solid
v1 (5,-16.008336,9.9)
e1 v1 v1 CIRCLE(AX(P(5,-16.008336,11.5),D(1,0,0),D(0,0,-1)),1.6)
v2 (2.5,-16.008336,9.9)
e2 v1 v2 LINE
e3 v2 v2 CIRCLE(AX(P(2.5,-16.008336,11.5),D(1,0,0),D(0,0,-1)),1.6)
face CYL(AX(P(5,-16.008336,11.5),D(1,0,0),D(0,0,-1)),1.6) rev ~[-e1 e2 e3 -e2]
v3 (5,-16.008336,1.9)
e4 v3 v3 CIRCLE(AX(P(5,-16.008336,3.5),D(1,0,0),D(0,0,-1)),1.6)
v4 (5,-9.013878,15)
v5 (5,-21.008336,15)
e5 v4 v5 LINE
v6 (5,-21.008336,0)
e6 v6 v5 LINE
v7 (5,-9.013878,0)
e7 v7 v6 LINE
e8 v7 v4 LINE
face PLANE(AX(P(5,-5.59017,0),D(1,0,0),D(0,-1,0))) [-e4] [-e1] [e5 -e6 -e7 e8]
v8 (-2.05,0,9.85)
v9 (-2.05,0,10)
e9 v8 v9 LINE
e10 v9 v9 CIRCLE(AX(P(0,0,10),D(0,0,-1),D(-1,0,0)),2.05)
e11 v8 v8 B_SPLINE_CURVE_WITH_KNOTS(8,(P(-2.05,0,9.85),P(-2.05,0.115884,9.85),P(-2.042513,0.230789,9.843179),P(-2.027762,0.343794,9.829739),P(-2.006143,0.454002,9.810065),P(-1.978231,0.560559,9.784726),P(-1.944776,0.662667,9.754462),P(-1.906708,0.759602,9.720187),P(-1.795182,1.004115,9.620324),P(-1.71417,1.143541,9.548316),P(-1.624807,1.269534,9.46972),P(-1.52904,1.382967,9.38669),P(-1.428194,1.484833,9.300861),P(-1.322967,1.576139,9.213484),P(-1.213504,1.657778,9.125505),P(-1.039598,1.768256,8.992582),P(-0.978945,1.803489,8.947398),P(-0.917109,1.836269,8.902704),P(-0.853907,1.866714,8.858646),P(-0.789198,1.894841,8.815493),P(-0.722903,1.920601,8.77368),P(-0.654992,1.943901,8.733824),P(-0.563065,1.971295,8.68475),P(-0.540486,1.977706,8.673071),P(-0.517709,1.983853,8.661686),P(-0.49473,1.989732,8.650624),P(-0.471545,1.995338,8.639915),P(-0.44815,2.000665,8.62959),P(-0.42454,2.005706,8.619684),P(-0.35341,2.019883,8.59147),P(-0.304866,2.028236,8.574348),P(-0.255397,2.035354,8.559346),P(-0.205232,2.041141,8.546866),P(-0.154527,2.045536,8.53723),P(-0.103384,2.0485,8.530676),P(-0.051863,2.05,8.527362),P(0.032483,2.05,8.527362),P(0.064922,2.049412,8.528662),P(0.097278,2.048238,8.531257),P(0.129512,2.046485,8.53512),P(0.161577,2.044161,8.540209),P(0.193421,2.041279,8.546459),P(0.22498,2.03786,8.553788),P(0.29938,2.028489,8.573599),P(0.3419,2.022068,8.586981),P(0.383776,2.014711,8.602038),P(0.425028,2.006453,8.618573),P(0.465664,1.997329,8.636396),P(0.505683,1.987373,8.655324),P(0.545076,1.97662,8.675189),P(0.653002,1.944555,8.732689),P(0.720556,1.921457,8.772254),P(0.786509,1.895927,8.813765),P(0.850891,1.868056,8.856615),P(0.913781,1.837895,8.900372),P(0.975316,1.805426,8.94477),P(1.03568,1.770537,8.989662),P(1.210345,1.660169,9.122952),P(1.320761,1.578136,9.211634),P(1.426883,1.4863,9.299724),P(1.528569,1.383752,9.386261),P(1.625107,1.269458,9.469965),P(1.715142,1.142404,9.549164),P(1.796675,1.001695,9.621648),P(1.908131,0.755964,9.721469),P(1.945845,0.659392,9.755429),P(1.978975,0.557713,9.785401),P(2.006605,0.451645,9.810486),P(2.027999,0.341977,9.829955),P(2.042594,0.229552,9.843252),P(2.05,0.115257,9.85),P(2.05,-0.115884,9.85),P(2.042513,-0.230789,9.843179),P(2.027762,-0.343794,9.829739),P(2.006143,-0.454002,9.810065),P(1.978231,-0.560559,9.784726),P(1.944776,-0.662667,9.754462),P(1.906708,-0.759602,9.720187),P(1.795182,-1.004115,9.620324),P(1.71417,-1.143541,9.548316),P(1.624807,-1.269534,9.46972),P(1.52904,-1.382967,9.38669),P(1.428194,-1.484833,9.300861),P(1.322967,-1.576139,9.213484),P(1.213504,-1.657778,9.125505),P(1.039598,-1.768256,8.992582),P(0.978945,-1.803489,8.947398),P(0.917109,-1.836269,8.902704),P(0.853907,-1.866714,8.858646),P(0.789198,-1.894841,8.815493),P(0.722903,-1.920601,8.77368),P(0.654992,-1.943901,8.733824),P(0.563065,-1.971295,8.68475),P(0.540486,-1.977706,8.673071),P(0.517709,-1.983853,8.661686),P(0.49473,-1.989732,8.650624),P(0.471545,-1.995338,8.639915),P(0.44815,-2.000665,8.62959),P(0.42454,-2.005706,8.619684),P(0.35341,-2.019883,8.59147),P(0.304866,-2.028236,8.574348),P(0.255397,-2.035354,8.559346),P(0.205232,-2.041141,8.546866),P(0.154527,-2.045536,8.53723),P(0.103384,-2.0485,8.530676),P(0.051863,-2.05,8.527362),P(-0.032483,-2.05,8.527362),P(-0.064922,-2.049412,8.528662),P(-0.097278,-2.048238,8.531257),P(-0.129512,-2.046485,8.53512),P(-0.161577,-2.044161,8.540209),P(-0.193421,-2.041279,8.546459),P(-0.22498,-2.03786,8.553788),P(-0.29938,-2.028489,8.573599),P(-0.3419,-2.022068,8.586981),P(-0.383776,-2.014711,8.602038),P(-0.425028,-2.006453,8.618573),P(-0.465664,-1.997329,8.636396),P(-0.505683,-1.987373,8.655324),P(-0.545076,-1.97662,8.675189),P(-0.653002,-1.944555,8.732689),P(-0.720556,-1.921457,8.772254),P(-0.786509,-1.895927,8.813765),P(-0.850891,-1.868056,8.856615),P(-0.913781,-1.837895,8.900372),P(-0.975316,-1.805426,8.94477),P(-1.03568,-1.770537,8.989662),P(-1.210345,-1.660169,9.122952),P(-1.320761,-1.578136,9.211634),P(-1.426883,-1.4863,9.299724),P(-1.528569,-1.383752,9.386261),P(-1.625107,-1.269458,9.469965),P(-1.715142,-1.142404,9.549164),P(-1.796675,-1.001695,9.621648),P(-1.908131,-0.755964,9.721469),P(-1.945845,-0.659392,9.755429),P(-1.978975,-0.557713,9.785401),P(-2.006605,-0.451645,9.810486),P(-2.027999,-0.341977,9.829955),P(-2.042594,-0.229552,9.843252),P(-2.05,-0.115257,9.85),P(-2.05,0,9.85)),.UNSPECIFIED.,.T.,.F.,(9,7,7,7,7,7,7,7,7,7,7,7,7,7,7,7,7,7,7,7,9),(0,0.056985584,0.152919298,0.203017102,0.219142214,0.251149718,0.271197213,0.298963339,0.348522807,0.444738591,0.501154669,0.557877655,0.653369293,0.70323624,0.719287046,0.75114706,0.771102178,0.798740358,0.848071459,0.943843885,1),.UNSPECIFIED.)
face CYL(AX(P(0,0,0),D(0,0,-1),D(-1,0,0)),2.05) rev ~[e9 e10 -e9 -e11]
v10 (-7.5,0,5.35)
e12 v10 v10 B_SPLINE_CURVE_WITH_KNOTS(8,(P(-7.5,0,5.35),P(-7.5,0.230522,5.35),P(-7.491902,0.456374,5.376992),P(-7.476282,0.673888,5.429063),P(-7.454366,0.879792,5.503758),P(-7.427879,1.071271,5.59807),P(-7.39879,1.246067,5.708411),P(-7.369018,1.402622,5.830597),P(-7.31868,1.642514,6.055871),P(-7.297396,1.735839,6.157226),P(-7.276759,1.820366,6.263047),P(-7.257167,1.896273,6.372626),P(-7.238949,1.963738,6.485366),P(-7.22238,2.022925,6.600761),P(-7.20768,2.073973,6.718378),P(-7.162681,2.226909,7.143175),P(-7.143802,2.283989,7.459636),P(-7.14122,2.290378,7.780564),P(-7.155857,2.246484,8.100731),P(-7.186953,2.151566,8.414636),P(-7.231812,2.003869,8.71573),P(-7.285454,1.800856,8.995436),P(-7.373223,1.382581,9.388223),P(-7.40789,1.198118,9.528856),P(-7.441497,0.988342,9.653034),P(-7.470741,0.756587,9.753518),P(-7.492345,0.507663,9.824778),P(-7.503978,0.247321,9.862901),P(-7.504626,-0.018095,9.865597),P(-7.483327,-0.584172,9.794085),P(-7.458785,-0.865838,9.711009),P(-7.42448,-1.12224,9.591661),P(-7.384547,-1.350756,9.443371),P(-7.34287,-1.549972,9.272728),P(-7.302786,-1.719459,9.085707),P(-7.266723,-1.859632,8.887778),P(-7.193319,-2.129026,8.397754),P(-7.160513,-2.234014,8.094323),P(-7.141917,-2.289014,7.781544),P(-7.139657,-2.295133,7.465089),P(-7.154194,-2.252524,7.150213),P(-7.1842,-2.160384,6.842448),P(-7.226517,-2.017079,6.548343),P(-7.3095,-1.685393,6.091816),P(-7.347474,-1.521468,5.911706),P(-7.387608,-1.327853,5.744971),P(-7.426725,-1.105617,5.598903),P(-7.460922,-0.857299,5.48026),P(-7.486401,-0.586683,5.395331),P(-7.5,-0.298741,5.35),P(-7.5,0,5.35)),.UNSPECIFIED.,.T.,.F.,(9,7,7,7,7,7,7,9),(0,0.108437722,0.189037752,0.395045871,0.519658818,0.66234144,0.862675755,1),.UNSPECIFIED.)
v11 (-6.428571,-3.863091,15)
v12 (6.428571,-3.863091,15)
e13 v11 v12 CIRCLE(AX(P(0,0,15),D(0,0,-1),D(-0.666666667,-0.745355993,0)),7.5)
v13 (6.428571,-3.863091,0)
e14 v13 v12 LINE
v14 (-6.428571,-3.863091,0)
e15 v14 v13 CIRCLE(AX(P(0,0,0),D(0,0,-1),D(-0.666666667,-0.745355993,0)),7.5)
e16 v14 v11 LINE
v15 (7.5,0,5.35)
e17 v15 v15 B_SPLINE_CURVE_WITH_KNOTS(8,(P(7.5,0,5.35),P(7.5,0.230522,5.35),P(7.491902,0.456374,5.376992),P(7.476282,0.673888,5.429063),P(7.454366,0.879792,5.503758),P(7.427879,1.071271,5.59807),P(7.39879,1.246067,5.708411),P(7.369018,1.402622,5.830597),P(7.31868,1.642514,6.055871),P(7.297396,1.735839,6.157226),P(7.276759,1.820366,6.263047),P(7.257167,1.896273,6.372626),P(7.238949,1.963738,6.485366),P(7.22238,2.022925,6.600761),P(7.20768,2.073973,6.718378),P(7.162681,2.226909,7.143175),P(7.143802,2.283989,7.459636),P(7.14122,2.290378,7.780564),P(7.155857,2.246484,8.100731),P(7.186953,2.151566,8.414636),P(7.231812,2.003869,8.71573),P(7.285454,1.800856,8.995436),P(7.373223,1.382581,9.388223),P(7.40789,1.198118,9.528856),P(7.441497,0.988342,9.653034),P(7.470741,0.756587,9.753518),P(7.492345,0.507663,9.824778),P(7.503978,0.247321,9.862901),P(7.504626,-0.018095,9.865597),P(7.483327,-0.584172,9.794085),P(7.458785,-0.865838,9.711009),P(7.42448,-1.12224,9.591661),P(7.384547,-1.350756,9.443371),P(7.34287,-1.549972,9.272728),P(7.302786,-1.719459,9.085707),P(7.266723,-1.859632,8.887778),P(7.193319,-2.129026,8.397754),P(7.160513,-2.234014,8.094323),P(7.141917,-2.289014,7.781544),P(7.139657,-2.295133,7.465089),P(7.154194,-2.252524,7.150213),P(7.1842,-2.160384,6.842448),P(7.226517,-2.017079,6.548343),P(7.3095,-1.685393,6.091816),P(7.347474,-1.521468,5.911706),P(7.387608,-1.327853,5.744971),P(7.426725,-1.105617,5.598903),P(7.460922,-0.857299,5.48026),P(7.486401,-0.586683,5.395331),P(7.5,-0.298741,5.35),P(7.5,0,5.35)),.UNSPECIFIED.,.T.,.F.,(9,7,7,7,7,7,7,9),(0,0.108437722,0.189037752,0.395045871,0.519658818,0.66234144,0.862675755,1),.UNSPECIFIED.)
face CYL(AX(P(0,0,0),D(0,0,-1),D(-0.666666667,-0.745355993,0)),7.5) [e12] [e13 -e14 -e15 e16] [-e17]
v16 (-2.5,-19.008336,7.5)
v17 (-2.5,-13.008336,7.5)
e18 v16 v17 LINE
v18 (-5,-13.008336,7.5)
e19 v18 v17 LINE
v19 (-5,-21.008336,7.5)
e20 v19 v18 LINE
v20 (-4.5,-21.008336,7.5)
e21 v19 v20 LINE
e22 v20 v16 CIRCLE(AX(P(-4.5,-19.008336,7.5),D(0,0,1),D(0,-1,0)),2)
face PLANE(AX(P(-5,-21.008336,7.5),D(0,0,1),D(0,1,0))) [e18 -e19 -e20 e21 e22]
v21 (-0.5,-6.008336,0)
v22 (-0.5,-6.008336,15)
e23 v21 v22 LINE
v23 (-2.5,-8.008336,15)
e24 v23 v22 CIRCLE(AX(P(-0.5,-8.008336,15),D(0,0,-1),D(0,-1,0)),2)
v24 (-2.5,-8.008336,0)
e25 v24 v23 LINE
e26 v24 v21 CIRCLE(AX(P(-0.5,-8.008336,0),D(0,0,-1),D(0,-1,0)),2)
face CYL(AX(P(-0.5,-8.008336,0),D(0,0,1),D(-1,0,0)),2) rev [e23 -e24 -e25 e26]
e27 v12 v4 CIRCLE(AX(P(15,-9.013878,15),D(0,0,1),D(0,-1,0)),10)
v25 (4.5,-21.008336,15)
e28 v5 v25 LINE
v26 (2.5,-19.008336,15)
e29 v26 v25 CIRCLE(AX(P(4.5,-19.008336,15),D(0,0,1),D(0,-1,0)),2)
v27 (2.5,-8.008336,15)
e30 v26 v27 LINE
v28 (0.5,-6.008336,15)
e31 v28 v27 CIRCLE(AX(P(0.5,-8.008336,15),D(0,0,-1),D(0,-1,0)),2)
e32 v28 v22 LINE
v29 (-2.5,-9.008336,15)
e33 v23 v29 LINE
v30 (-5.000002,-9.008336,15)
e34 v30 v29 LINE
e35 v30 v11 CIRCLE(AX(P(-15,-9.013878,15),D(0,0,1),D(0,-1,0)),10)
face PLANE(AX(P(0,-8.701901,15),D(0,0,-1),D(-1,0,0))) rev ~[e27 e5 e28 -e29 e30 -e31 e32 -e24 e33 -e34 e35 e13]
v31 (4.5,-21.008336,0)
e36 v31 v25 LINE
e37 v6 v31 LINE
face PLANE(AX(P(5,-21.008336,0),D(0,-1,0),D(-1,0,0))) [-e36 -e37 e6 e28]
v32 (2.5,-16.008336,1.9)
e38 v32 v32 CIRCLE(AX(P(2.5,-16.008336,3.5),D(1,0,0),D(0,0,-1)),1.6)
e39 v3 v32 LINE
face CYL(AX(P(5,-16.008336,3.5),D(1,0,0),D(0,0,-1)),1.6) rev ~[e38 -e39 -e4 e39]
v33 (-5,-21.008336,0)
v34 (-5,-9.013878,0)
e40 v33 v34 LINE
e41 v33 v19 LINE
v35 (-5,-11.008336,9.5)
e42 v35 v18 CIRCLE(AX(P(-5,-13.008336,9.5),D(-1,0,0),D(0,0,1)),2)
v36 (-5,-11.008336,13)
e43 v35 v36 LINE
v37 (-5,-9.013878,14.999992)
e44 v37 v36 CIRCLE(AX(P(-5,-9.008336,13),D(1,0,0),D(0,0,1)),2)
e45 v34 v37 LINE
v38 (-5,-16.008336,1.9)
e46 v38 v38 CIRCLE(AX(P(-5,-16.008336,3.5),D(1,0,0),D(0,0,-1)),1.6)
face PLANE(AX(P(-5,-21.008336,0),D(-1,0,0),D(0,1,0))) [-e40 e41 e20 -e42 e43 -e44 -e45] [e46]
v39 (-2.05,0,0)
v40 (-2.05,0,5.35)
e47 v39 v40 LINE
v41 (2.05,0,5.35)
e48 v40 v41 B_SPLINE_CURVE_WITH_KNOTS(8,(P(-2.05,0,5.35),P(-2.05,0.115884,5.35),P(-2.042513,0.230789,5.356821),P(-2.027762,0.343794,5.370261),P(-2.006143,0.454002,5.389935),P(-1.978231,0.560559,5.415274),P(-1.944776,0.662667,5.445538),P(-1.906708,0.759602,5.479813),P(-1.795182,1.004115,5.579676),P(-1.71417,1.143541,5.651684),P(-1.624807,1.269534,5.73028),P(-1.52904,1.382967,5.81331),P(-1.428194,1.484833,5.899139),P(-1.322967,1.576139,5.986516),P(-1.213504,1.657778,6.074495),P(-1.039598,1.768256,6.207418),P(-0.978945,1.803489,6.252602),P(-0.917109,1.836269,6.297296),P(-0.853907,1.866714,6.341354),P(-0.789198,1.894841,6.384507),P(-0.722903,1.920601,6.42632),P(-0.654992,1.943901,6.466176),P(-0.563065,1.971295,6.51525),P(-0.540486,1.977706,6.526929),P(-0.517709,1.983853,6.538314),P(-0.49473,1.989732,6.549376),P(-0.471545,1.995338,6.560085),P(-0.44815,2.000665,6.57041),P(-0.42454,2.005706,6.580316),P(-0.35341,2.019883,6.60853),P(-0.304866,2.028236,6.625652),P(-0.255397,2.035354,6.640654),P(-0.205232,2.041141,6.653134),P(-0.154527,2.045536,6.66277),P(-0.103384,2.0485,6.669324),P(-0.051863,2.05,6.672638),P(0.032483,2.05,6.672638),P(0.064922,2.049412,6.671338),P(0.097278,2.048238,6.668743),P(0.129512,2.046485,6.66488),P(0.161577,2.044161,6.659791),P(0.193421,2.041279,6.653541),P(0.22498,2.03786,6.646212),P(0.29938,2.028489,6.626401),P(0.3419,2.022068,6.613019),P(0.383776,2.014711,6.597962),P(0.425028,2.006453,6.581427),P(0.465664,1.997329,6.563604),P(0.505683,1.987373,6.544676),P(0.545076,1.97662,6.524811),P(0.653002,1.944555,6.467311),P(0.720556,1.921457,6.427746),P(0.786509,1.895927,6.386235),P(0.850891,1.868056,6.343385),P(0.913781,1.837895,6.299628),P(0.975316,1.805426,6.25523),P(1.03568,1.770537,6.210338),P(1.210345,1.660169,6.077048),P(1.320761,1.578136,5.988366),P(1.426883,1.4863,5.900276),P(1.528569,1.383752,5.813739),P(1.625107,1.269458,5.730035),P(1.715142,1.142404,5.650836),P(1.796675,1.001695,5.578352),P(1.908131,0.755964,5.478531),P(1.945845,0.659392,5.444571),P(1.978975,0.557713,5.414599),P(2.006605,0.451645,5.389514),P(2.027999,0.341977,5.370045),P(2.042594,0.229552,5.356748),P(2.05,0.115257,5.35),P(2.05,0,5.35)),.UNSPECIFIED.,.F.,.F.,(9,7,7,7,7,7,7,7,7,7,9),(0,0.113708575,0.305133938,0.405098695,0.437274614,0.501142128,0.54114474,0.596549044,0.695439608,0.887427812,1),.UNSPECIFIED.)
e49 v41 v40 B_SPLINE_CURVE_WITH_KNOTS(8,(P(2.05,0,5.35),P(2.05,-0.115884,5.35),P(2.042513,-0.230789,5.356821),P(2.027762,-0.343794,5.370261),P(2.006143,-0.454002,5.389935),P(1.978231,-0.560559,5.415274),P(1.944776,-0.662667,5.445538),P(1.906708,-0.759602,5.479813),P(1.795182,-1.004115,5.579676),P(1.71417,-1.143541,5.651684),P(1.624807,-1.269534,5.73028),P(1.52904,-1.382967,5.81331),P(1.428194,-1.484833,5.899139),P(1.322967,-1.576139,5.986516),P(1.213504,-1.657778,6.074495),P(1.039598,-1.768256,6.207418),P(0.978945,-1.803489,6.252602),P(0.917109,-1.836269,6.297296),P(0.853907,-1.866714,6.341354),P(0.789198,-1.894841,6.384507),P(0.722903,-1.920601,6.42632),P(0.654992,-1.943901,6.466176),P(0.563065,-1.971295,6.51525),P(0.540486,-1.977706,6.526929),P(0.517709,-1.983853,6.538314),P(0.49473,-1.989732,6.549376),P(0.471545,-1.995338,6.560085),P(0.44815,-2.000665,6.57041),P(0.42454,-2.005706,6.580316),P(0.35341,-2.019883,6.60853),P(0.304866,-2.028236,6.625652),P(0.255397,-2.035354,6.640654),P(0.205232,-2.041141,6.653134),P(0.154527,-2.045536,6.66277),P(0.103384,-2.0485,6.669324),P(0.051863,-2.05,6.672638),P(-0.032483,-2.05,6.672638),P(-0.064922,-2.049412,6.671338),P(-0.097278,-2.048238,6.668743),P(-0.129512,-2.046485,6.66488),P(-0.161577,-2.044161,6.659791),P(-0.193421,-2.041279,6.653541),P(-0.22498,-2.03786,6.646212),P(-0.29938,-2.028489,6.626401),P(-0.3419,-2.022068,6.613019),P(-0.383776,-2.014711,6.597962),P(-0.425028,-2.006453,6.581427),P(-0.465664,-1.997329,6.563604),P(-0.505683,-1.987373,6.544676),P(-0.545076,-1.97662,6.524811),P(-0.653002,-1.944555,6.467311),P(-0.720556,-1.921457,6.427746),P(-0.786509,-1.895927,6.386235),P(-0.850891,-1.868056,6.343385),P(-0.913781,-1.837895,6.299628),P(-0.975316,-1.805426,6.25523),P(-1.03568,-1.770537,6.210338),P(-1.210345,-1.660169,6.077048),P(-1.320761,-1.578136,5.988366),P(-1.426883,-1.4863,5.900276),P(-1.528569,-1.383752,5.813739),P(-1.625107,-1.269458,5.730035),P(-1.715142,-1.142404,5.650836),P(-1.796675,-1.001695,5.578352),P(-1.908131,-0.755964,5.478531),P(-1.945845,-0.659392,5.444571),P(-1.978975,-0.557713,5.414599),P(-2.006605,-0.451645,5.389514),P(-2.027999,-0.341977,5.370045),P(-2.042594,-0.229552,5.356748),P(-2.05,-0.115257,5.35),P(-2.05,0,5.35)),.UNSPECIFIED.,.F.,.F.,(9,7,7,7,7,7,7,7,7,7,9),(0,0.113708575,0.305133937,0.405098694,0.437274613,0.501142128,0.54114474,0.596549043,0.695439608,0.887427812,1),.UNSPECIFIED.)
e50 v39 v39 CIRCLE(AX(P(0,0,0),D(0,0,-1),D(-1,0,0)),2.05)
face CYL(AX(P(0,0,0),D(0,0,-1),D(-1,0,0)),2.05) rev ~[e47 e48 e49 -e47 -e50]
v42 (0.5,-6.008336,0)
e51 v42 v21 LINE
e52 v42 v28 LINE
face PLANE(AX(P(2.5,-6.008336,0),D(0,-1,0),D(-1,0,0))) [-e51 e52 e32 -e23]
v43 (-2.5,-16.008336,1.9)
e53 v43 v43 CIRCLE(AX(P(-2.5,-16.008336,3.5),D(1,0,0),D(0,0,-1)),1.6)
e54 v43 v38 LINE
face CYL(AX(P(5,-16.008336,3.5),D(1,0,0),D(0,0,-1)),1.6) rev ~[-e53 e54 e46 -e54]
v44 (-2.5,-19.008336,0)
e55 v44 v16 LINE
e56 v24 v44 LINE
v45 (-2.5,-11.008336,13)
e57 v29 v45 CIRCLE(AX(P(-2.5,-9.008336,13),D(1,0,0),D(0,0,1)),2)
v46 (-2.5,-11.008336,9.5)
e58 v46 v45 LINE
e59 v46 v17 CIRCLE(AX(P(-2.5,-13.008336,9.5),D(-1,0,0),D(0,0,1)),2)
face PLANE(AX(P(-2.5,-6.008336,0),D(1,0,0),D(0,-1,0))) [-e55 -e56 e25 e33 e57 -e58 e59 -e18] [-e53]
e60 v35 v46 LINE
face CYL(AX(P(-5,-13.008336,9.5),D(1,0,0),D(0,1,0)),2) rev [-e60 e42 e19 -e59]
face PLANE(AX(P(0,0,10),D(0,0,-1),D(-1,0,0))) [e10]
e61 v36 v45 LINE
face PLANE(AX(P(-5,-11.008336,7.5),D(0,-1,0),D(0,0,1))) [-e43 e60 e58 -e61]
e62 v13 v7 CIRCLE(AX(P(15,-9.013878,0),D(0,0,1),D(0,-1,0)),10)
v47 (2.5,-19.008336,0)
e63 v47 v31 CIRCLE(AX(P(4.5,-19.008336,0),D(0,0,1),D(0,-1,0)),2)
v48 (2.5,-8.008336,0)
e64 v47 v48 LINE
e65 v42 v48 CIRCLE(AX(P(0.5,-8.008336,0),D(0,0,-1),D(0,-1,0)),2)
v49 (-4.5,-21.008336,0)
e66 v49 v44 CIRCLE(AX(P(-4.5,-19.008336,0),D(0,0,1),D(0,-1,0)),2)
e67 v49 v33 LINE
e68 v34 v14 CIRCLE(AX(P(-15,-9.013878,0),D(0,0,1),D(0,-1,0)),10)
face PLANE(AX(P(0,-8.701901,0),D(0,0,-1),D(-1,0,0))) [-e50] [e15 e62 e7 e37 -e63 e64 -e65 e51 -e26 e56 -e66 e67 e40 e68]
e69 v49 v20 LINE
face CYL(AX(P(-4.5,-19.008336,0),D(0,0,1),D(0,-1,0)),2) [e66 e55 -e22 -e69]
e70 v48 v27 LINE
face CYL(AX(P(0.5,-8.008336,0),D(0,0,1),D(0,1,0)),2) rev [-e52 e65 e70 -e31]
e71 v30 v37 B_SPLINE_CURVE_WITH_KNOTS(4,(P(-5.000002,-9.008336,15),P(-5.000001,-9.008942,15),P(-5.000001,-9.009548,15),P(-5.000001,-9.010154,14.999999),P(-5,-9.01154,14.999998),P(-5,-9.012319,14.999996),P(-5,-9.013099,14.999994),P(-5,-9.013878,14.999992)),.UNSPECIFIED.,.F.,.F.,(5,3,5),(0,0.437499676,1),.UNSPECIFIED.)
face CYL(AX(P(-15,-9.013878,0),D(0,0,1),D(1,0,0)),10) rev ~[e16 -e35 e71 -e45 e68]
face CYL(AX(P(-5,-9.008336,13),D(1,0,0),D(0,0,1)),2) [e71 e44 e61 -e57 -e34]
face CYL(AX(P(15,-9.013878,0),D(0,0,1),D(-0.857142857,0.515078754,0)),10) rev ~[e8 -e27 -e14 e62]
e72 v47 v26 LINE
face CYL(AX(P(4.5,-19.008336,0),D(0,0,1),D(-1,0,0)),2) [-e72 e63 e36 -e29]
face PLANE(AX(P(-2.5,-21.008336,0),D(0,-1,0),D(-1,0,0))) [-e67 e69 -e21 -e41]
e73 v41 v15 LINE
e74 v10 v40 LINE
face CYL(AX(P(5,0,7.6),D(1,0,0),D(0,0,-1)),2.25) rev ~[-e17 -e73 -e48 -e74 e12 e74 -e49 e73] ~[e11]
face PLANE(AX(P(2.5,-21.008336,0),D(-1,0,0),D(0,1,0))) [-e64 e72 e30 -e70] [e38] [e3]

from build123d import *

# Parameters (mm, degrees)
BOSS_EXTRUDE1_DEPTH = 15
FILLET2_R           = 10
SKETCH8_R           = 1.6
CUT_EXTRUDE6_DEPTH  = 29.681007074
CUT_EXTRUDE7_REACH  = 30.681
SKETCH9_W           = 7.5
SKETCH9_H           = 10
CUT_EXTRUDE8_REACH  = 30.681
SKETCH10_R          = 1.6
FILLET3_R           = 2
FILLET6_R           = 2
SKETCH11_R          = 2.05
CUT_EXTRUDE9_DEPTH  = 10
SKETCH12_R          = 2.25
CUT_EXTRUDE10_DEPTH = 14.5


with BuildPart() as part:
    # Sketch2 → Boss-Extrude1 (new body)
    with BuildSketch(Plane.XY):
        with BuildLine():
            Line((-2.5, -6.008335649), (-2.5, -21.008335649))
            Line((-2.5, -21.008335649), (-5, -21.008335649))
            Line((-5, -21.008335649), (-5, -6.008335649))
            Line((-5, -6.008335649), (-5, -5.590169944))
            ThreePointArc((-5, -5.590169944), (0, 7.5), (5, -5.590169944))
            Line((5, -5.590169944), (5, -6.008335649))
            Line((5, -6.008335649), (5, -21.008335649))
            Line((5, -21.008335649), (2.5, -21.008335649))
            Line((2.5, -21.008335649), (2.5, -6.008335649))
            Line((2.5, -6.008335649), (-2.5, -6.008335649))
        make_face()
    extrude(amount=BOSS_EXTRUDE1_DEPTH)

    # Fillet2
    fillet2_edges = [part.edges().sort_by_distance(p)[0] for p in [
        (-5, -5.590169944, 7.5),
        (5, -5.590169944, 7.5),
    ]]
    fillet(fillet2_edges, radius=FILLET2_R)

    # Sketch8 → Cut-Extrude6 (cut, through all)
    with BuildSketch(Plane(origin=(5, 0, 0), x_dir=(0, 0, -1), z_dir=(1, 0, 0))):
        with Locations((-3.5, -16.008335649)):
            Circle(SKETCH8_R)
    extrude(amount=-CUT_EXTRUDE6_DEPTH, mode=Mode.SUBTRACT)

    # Sketch9 → Cut-Extrude7 (cut, up to next)
    with BuildSketch(Plane.ZY.offset(5), mode=Mode.PRIVATE) as cut_extrude7_sk1:
        with Locations((11.25, -16.008335649)):
            Rectangle(SKETCH9_W, SKETCH9_H)
    cut_extrude7_tool1 = extrude(cut_extrude7_sk1.sketch, amount=-CUT_EXTRUDE7_REACH, mode=Mode.PRIVATE) & part.part
    add(cut_extrude7_tool1.solids().sort_by_distance((-5, -16.008336, 11.25))[0], mode=Mode.SUBTRACT)

    # Sketch10 → Cut-Extrude8 (cut, up to next)
    with BuildSketch(Plane(origin=(5, 0, 0), x_dir=(0, 0, -1), z_dir=(1, 0, 0)), mode=Mode.PRIVATE) as cut_extrude8_sk1:
        with Locations((-11.5, -16.008335649)):
            Circle(SKETCH10_R)
    cut_extrude8_tool1 = extrude(cut_extrude8_sk1.sketch, amount=-CUT_EXTRUDE8_REACH, mode=Mode.PRIVATE) & part.part
    add(cut_extrude8_tool1.solids().sort_by_distance((5, -16.008336, 11.5))[0], mode=Mode.SUBTRACT)

    # Fillet3
    fillet3_edges = [part.edges().sort_by_distance(p)[0] for p in [
        (-2.5, -6.008335649, 7.5),
        (2.5, -21.008335649, 7.5),
        (2.5, -6.008335649, 7.5),
        (-2.5, -21.008335649, 3.75),
    ]]
    fillet(fillet3_edges, radius=FILLET3_R)

    # Fillet6
    fillet6_edges = [part.edges().sort_by_distance(p)[0] for p in [
        (-3.75, -11.008335649, 15),
        (-3.75, -11.008335649, 7.5),
    ]]
    fillet(fillet6_edges, radius=FILLET6_R)

    # Sketch11 → Cut-Extrude9 (cut)
    with BuildSketch(Plane(origin=(0, 0, 0), x_dir=(-1, 0, 0), z_dir=(0, 0, -1))):
        Circle(SKETCH11_R)
    extrude(amount=-CUT_EXTRUDE9_DEPTH, mode=Mode.SUBTRACT)

    # Sketch12 → Cut-Extrude10 (cut, symmetric)
    with BuildSketch(Plane(origin=(5, 0, 0), x_dir=(0, 0, -1), z_dir=(1, 0, 0))):
        with Locations((-7.6, 0)):
            Circle(SKETCH12_R)
    extrude(amount=CUT_EXTRUDE10_DEPTH, both=True, mode=Mode.SUBTRACT)


solid = part.part
